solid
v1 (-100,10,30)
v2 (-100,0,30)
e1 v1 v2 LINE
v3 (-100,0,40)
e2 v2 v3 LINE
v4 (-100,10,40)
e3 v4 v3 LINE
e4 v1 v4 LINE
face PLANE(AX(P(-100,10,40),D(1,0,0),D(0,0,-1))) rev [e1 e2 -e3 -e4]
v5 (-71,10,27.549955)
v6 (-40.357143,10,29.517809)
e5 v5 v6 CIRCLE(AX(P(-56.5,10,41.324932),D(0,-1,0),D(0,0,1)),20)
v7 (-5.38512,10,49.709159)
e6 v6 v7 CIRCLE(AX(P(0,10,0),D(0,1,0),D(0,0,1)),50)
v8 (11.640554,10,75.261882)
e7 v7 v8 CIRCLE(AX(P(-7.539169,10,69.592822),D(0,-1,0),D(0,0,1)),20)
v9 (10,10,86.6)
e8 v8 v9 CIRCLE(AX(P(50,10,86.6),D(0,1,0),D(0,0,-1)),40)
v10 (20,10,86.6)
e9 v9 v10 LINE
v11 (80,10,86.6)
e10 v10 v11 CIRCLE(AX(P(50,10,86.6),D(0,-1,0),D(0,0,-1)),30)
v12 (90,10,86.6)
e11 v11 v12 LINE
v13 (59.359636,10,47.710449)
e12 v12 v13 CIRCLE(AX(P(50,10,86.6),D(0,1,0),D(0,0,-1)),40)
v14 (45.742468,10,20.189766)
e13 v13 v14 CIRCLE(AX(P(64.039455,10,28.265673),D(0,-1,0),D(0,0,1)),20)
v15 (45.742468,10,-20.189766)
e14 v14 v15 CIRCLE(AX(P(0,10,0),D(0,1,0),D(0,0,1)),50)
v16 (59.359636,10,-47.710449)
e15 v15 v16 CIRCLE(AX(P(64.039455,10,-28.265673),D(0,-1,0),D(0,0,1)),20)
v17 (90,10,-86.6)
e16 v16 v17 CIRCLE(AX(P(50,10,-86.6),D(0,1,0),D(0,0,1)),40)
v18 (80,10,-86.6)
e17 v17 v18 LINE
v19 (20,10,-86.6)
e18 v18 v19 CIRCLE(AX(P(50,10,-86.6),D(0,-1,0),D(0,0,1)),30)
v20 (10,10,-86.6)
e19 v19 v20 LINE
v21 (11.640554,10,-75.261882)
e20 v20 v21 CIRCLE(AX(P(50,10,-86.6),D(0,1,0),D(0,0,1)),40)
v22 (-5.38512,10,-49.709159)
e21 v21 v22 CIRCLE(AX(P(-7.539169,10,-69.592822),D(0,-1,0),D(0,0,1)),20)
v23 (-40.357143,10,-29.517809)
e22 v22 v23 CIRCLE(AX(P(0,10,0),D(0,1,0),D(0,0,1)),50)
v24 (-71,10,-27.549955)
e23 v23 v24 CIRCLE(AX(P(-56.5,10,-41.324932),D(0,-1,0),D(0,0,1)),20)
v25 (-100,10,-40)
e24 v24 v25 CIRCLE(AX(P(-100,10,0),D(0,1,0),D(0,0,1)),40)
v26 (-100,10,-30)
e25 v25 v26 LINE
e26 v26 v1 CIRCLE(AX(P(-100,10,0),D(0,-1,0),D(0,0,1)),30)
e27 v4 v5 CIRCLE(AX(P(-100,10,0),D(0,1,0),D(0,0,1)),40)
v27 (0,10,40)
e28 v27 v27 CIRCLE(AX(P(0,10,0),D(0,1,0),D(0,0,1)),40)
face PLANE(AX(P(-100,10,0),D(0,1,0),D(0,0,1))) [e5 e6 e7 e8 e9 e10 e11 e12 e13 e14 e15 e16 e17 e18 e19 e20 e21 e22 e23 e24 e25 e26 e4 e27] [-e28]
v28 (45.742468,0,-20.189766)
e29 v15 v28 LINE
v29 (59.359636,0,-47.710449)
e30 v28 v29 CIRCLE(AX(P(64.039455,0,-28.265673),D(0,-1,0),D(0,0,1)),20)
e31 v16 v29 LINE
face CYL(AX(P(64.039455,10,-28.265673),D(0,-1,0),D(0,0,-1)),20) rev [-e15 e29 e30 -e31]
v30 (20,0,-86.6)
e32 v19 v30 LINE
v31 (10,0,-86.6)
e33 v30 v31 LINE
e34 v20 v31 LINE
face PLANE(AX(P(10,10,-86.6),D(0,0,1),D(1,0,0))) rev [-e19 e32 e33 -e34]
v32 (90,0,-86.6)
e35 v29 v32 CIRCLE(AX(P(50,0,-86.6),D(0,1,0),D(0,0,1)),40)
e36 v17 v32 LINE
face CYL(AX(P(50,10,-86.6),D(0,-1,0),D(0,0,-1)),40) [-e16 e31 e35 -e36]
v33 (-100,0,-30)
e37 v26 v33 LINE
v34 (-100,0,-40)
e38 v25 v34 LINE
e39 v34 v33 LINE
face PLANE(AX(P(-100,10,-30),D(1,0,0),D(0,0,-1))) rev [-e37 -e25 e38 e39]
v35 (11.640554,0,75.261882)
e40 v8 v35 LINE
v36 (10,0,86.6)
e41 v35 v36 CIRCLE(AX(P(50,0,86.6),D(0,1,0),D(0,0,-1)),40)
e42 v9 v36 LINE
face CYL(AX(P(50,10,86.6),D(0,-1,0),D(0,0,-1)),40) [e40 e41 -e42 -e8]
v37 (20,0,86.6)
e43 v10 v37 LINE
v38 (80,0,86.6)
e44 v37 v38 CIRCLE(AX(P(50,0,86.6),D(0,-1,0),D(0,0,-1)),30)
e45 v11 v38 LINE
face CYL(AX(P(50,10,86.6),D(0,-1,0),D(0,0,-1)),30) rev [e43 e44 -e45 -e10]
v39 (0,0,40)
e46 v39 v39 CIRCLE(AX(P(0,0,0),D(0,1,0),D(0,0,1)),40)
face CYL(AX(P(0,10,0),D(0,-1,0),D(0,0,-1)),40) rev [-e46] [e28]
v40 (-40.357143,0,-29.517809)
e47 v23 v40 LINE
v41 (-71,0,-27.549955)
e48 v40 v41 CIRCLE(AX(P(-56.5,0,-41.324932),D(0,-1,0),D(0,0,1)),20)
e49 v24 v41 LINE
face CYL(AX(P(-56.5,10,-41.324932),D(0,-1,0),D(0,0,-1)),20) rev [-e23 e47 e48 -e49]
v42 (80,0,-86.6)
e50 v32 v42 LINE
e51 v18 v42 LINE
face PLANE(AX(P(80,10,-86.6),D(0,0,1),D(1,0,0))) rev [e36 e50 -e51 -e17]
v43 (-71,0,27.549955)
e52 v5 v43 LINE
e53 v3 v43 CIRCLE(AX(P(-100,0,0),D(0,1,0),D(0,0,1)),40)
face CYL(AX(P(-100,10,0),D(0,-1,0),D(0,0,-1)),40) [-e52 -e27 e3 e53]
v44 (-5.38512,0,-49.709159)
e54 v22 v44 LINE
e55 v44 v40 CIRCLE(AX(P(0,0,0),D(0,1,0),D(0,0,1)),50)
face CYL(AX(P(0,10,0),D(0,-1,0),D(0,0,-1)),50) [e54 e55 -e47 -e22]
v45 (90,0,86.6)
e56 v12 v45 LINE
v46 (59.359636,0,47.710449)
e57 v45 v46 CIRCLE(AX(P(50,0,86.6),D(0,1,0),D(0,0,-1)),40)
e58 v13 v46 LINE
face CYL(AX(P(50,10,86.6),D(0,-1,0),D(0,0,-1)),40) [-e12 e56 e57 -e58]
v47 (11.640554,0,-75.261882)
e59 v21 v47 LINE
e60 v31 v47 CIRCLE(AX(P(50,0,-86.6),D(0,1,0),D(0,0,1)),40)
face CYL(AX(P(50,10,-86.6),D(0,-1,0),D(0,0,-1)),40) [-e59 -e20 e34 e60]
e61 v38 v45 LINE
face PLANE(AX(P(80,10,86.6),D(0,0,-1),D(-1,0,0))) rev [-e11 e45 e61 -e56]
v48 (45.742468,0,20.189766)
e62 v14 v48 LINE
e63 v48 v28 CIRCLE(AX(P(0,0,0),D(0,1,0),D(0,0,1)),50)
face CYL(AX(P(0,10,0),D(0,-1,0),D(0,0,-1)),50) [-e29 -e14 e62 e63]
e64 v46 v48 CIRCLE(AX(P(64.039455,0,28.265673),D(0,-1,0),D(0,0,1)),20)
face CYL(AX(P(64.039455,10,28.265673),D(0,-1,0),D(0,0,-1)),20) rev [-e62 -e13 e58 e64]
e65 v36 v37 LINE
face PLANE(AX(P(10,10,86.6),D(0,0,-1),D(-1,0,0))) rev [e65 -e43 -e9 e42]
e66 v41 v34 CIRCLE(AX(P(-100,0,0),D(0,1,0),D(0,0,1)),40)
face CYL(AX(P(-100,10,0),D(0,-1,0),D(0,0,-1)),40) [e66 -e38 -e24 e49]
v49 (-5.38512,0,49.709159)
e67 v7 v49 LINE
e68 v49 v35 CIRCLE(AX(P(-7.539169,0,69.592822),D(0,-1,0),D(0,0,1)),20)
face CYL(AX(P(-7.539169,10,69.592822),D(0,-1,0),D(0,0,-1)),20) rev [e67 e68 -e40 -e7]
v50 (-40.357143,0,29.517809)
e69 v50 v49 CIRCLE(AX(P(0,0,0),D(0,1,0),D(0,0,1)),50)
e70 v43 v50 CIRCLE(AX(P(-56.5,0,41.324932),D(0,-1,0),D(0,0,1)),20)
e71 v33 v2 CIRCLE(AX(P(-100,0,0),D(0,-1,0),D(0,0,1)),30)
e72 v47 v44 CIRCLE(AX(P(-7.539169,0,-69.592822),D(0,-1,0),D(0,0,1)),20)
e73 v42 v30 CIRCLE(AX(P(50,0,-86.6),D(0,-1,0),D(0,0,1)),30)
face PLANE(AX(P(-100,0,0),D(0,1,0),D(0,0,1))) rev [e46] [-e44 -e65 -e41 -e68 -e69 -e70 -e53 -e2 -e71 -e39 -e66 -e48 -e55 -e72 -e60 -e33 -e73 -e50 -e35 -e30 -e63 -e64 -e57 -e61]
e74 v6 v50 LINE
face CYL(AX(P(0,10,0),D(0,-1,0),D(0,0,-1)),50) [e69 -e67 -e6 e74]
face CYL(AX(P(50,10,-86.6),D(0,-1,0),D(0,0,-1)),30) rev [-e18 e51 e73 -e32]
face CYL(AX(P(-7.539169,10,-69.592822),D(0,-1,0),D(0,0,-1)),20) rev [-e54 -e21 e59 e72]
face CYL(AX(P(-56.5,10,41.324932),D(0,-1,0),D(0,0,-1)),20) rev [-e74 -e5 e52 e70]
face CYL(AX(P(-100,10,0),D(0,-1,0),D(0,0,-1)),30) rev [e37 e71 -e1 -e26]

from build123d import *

# Parameters (mm, degrees)
IZIM1_R                     = 40
Y_KSEKLIK_EKSTR_ZYON1_DEPTH = 10


with BuildPart() as part:
    # Çizim1 → Yükseklik-Ekstrüzyon1 (new body)
    with BuildSketch(Plane(origin=(0, 0, 0), x_dir=(1, 0, 0), z_dir=(0, 1, 0))):
        with BuildLine():
            Line((-100, -40), (-100, -30))
            ThreePointArc((-100, -30), (-70, 0), (-100, 30))
            Line((-100, 30), (-100, 40))
            ThreePointArc((-100, 40), (-84.220237409, 36.755939555), (-71, 27.549954628))
            ThreePointArc((-71, 27.549954628), (-55.218260111, 21.366045629), (-40.357142857, 29.51780853))
            ThreePointArc((-40.357142857, 29.51780853), (-25.000226369, 43.301139494), (-5.38512036, 49.709158902))
            ThreePointArc((-5.38512036, 49.709158902), (9.104684892, 58.503090991), (11.64055433, 75.261881641))
            ThreePointArc((11.64055433, 75.261881641), (10.412263093, 80.871903754), (10, 86.6))
            Line((10, 86.6), (20, 86.6))
            ThreePointArc((20, 86.6), (50, 56.6), (80, 86.6))
            Line((80, 86.6), (90, 86.6))
            ThreePointArc((90, 86.6), (81.419623277, 61.845055583), (59.359636345, 47.710448608))
            ThreePointArc((59.359636345, 47.710448608), (46.113763964, 37.135262428), (45.742467512, 20.189766365))
            ThreePointArc((45.742467512, 20.189766365), (50, 0), (45.742467512, -20.189766365))
            ThreePointArc((45.742467512, -20.189766365), (46.113763964, -37.135262428), (59.359636345, -47.710448608))
            ThreePointArc((59.359636345, -47.710448608), (81.419623277, -61.845055583), (90, -86.6))
            Line((90, -86.6), (80, -86.6))
            ThreePointArc((80, -86.6), (50, -56.6), (20, -86.6))
            Line((20, -86.6), (10, -86.6))
            ThreePointArc((10, -86.6), (10.412263093, -80.871903754), (11.64055433, -75.261881641))
            ThreePointArc((11.64055433, -75.261881641), (9.104684892, -58.503090991), (-5.38512036, -49.709158902))
            ThreePointArc((-5.38512036, -49.709158902), (-25.000226369, -43.301139494), (-40.357142857, -29.51780853))
            ThreePointArc((-40.357142857, -29.51780853), (-55.218260111, -21.366045629), (-71, -27.549954628))
            ThreePointArc((-71, -27.549954628), (-84.220237409, -36.755939555), (-100, -40))
        make_face()
        with Locations(Location((0, 0, 0), (0, 0, 270))):
            Circle(IZIM1_R, mode=Mode.SUBTRACT)
    extrude(amount=Y_KSEKLIK_EKSTR_ZYON1_DEPTH)


solid = part.part
